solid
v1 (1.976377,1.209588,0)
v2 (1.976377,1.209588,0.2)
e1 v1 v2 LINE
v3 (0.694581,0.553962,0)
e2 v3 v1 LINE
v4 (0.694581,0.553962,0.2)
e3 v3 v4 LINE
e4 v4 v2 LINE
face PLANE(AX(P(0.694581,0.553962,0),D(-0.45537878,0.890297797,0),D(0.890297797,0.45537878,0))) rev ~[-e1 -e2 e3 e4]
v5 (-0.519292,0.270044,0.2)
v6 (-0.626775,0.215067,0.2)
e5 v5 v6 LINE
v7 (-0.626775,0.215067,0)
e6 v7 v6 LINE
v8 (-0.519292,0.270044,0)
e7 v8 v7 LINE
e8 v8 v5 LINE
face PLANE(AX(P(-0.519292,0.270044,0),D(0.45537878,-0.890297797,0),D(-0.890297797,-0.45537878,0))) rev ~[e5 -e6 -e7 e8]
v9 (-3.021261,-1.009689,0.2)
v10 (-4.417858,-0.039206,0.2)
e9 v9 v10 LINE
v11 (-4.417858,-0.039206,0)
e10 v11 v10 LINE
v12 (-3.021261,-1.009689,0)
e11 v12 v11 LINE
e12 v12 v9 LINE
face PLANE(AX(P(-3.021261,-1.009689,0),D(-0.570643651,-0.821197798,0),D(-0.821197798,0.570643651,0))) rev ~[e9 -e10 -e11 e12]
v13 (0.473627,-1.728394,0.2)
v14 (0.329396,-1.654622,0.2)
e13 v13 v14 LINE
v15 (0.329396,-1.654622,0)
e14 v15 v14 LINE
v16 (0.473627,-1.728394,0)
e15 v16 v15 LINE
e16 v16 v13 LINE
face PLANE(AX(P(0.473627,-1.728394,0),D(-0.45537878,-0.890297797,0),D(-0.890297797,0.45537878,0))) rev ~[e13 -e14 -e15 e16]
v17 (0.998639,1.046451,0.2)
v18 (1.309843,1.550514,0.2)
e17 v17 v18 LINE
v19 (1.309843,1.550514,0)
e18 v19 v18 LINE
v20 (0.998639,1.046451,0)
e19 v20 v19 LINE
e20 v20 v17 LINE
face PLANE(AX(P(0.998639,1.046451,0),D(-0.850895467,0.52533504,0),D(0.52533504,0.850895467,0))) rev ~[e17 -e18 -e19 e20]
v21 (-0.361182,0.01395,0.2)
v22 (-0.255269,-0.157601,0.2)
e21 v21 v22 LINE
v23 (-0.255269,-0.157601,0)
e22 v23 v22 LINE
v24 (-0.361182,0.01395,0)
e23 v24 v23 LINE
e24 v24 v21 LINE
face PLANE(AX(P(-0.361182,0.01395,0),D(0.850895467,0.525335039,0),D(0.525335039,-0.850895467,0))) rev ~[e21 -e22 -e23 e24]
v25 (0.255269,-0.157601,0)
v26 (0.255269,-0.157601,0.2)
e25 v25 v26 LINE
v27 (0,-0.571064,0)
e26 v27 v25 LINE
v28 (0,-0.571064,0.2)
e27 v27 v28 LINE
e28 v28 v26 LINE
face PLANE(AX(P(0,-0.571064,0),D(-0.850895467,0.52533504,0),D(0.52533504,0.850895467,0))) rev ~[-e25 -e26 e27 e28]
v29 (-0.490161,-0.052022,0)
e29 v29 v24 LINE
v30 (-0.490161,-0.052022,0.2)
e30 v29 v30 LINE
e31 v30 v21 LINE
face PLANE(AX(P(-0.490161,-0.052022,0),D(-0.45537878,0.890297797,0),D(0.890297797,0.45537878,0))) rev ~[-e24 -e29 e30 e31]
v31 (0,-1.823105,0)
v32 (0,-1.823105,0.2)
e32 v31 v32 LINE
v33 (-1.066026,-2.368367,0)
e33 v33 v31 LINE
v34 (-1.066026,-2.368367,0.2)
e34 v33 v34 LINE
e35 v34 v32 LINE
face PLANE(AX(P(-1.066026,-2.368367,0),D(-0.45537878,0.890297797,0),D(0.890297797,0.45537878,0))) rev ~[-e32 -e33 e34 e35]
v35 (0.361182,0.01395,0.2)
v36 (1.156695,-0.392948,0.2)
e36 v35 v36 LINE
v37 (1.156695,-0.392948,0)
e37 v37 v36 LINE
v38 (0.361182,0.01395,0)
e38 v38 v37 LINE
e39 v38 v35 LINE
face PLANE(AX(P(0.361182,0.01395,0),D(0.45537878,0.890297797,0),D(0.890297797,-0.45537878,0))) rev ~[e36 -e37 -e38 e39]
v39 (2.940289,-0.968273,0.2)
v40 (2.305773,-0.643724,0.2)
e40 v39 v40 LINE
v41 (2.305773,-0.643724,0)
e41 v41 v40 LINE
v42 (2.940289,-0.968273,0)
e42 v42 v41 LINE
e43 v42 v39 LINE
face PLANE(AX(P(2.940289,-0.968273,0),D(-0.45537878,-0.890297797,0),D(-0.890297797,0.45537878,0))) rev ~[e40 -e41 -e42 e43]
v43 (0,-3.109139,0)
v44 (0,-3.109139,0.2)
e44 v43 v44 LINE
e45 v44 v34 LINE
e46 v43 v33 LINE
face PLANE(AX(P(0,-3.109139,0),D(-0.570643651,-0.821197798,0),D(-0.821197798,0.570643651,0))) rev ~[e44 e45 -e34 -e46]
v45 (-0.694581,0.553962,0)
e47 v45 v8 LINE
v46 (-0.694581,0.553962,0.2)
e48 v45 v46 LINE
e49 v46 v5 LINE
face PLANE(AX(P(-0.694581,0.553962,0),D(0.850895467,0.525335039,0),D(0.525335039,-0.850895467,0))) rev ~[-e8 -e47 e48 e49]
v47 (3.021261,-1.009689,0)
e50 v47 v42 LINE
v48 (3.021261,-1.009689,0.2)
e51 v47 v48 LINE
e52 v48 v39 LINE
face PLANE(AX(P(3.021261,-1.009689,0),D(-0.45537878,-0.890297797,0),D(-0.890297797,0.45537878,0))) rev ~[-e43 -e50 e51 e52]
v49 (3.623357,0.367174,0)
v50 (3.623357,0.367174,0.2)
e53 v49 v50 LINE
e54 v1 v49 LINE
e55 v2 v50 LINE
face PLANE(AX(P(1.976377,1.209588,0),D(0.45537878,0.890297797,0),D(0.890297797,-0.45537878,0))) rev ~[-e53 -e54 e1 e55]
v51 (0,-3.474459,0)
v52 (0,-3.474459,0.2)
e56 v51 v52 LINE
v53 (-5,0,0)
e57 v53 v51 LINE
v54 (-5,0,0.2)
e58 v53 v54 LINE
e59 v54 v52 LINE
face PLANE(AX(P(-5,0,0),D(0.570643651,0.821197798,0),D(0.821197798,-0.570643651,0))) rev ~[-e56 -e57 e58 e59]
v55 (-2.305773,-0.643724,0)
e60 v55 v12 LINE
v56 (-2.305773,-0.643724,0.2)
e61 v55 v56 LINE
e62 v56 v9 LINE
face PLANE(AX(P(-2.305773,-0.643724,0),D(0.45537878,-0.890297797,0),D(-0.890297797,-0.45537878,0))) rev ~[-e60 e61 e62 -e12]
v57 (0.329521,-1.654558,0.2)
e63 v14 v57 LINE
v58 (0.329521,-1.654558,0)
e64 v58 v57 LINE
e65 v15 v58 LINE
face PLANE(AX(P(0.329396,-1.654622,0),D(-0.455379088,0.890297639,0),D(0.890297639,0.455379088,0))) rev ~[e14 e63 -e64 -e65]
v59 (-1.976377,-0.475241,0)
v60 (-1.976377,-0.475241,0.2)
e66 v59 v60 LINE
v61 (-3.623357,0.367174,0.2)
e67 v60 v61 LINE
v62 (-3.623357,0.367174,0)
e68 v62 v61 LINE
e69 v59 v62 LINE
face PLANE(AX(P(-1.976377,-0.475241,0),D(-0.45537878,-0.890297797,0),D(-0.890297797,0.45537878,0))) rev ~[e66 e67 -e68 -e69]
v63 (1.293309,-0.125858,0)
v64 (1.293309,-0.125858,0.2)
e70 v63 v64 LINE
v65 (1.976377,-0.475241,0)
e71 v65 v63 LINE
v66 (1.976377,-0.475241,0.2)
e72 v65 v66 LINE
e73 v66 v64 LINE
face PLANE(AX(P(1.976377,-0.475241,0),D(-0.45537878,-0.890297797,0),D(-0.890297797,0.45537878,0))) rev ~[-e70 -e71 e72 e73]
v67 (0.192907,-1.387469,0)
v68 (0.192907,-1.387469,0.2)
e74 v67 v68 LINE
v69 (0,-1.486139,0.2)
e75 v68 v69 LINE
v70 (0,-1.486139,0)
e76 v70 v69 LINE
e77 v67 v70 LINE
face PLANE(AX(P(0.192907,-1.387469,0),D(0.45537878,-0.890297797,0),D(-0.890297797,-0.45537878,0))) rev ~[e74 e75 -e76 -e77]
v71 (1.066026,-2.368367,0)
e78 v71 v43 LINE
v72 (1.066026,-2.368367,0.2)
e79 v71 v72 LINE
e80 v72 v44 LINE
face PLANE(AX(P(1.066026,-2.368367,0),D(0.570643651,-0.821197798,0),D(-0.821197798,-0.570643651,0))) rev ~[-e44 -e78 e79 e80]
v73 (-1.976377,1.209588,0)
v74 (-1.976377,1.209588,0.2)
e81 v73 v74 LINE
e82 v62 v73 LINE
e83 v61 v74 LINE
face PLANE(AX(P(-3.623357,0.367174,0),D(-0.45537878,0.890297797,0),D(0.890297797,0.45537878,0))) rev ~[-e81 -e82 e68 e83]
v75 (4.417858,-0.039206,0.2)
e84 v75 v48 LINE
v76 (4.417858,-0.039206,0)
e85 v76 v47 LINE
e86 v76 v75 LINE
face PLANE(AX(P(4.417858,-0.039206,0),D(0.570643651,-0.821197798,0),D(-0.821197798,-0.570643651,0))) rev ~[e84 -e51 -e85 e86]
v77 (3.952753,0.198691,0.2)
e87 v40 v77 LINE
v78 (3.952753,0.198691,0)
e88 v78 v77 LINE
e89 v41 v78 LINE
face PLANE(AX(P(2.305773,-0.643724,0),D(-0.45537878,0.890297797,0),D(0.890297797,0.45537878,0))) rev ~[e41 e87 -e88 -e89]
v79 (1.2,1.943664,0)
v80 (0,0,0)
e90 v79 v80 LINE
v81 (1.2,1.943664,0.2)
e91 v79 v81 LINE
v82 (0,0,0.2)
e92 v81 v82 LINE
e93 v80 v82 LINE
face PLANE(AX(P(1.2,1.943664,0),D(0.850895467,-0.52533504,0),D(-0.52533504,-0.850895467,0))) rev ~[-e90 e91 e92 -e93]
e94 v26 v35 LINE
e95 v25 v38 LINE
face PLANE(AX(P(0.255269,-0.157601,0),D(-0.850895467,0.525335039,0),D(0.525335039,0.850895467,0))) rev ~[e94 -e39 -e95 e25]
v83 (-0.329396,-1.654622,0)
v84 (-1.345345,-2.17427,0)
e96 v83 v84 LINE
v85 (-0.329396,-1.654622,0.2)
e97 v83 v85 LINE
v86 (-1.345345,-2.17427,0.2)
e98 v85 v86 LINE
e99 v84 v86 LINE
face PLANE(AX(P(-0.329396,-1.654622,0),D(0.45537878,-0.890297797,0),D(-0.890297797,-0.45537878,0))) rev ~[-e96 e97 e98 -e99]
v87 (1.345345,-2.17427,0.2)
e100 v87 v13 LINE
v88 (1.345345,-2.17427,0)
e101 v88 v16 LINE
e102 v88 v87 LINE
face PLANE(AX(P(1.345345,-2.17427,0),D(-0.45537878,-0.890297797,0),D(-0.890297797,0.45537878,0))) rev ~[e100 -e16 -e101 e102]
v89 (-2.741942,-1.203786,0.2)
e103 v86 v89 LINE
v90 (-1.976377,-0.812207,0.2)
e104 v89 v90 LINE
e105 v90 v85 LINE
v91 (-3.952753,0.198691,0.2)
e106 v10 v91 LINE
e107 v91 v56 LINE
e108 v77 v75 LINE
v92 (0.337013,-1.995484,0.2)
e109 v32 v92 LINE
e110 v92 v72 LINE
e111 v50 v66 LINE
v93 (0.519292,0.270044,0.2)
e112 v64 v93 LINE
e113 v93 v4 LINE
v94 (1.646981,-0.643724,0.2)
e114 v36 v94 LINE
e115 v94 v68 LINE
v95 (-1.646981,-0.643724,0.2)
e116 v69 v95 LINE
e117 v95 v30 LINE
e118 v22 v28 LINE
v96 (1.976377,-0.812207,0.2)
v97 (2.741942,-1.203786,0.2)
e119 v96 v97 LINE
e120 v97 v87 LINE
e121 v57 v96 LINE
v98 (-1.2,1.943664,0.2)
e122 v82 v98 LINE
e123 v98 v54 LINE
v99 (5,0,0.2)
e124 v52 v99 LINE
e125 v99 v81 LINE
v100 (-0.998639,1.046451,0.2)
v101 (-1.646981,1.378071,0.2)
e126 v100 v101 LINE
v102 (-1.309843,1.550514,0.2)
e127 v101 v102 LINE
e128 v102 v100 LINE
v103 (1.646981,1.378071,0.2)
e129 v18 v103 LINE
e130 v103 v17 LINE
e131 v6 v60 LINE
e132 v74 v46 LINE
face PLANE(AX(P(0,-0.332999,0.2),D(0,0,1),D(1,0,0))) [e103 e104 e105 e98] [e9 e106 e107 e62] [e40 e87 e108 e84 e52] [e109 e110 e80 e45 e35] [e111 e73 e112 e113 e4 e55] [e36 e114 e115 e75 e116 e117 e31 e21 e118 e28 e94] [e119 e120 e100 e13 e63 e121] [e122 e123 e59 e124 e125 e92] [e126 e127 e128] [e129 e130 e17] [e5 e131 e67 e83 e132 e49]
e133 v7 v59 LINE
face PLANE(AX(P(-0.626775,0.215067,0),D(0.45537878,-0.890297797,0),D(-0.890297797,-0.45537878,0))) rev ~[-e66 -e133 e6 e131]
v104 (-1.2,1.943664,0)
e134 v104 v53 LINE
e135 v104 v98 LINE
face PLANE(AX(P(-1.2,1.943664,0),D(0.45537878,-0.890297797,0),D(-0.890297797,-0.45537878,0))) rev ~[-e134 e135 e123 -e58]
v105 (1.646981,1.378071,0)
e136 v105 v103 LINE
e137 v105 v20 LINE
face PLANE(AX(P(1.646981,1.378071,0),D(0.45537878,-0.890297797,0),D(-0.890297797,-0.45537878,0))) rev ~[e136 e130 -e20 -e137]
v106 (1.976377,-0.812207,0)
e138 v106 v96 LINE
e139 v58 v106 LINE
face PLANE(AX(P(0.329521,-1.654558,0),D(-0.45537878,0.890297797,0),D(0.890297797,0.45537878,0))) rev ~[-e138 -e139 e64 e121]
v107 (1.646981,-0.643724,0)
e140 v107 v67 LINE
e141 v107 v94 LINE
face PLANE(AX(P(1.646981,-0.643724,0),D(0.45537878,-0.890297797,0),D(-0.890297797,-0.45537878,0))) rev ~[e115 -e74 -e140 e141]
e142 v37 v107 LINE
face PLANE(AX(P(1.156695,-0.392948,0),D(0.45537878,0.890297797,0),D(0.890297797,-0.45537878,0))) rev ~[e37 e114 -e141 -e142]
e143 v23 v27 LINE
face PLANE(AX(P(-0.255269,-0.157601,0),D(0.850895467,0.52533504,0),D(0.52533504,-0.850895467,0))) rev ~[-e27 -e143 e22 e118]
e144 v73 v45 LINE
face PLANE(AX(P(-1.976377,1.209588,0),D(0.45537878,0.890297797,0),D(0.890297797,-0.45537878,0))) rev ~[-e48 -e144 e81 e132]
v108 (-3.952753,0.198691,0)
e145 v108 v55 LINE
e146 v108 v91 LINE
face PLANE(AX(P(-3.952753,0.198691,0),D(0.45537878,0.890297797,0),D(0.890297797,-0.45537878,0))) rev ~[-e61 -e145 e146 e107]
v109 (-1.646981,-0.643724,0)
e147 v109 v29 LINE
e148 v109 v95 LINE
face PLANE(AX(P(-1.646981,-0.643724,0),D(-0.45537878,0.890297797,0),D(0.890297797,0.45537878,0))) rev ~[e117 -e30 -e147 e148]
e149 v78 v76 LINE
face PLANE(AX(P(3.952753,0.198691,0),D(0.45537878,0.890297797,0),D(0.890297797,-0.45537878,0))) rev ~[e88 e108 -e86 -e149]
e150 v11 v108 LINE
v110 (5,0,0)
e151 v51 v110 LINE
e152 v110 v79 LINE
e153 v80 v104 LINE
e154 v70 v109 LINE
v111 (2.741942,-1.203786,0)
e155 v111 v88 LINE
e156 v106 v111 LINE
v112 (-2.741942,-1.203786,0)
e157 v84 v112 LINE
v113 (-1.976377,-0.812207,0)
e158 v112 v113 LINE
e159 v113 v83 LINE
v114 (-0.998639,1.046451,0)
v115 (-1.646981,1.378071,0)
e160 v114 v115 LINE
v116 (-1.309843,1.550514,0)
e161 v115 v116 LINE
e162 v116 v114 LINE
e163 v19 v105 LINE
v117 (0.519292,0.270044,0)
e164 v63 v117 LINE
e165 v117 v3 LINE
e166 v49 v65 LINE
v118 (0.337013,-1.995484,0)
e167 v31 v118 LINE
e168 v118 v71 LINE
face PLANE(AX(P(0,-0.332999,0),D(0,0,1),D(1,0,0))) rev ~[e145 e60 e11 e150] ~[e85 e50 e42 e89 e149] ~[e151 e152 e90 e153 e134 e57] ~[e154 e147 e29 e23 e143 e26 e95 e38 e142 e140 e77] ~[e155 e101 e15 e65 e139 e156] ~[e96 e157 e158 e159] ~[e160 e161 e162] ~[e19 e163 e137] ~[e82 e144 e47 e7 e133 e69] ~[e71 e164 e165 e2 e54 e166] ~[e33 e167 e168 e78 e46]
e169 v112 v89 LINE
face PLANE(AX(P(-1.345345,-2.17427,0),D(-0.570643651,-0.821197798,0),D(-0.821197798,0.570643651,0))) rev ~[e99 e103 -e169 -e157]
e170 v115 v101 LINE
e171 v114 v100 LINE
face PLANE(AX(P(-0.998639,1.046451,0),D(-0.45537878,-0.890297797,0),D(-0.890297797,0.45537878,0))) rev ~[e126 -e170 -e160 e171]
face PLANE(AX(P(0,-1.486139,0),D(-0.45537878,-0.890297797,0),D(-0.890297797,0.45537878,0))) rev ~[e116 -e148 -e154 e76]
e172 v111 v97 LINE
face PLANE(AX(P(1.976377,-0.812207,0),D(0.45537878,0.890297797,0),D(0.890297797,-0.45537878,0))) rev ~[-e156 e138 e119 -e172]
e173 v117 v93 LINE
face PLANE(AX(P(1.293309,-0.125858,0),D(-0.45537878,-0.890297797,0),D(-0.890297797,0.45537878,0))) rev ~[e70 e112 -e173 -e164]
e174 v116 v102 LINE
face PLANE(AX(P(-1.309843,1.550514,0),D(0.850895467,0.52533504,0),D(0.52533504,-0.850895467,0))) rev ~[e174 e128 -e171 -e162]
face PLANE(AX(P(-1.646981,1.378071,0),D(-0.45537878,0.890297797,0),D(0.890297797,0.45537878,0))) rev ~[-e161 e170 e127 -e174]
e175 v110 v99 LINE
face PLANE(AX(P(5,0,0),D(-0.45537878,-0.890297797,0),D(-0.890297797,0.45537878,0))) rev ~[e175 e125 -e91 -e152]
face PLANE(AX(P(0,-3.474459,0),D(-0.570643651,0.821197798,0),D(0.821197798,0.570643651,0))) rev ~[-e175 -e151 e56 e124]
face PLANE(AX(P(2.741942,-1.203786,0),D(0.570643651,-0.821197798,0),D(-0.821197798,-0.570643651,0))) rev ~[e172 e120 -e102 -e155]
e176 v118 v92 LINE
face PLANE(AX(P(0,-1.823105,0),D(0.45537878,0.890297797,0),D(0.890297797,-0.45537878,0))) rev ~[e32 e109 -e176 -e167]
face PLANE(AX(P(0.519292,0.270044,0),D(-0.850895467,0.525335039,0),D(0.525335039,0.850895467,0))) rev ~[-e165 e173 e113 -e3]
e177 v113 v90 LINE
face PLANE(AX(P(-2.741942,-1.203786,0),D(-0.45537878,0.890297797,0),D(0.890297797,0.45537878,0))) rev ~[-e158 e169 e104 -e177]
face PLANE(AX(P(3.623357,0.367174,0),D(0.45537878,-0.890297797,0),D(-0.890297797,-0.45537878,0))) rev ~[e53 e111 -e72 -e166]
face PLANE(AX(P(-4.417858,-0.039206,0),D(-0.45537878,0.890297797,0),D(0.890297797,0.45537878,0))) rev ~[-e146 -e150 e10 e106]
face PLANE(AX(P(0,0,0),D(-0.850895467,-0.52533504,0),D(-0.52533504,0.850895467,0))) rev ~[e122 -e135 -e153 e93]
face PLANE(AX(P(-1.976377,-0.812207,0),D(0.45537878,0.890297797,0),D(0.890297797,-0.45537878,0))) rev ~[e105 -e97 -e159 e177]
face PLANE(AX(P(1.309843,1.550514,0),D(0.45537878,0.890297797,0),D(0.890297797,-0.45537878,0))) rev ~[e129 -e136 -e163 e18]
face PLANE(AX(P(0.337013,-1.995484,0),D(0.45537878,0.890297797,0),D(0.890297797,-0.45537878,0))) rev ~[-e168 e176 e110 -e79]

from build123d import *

# Parameters (mm, degrees)
F1_DEPTH = 0.2


with BuildPart() as f1:
    # F0 (on Top) → F1 (new body)
    with BuildSketch(Plane.XY):
        Polygon((1.2, 1.9436635362), (0, 0), (-1.2, 1.9436635362), (-5, 0), (0, -3.474459209), (5, 0), align=None)
        Polygon((-1.3453450499, -2.1742698847), (-2.7419417877, -1.2037862053), (-1.9763766773, -0.8122069975), (-0.3293961129, -1.6546217522), align=None, mode=Mode.SUBTRACT)
        Polygon((0, -3.1091391843), (-1.0660257024, -2.3683666206), (0, -1.8231047031), (0.3370130695, -1.9954836543), (1.0660257024, -2.3683666206), align=None, mode=Mode.SUBTRACT)
        Polygon((1.9763766773, -0.8122069975), (2.7419417877, -1.2037862053), (1.3453450499, -2.1742698847), (0.4736267035, -1.7283943153), (0.3293961129, -1.6546217522), (0.3295207339, -1.6545580097), align=None, mode=Mode.SUBTRACT)
        Polygon((-3.0212611353, -1.0096894694), (-4.4178578731, -0.03920579), (-3.9527533546, 0.1986907082), (-2.3057727902, -0.6437240465), align=None, mode=Mode.SUBTRACT)
        Polygon((-0.519292203, 0.2700436312), (-0.626774704, 0.2150673633), (-1.9763766773, -0.4752410956), (-3.6233572417, 0.3671736591), (-1.9763766773, 1.2095884138), (-0.6945809015, 0.5539621743), align=None, mode=Mode.SUBTRACT)
        Polygon((-1.6469805644, 1.3780713647), (-1.3098428739, 1.5505140583), (-0.9986388519, 1.0464508001), align=None, mode=Mode.SUBTRACT)
        Polygon((-0.3611820688, 0.0139495458), (-0.2552686402, -0.1576005119), (0, -0.5710641351), (0.2552686402, -0.1576005119), (0.3611820688, 0.0139495458), (1.1566948734, -0.3929476202), (1.6469805644, -0.6437240465), (0.1929070999, -1.3874686707), (0, -1.4861388012), (-1.6469805644, -0.6437240465), (-0.49016107, -0.0520219757), align=None, mode=Mode.SUBTRACT)
        Polygon((0.519292203, 0.2700436312), (0.6945809015, 0.5539621743), (1.9763766773, 1.2095884138), (3.6233572417, 0.3671736591), (1.9763766773, -0.4752410956), (1.2933085074, -0.1258582812), align=None, mode=Mode.SUBTRACT)
        Polygon((3.9527533546, 0.1986907082), (4.4178578731, -0.03920579), (3.0212611353, -1.0096894694), (2.9402890718, -0.9682730359), (2.3057727902, -0.6437240465), align=None, mode=Mode.SUBTRACT)
        Polygon((0.9986388519, 1.0464508001), (1.3098428739, 1.5505140583), (1.6469805644, 1.3780713647), align=None, mode=Mode.SUBTRACT)
    extrude(amount=F1_DEPTH)


solid = f1.part
